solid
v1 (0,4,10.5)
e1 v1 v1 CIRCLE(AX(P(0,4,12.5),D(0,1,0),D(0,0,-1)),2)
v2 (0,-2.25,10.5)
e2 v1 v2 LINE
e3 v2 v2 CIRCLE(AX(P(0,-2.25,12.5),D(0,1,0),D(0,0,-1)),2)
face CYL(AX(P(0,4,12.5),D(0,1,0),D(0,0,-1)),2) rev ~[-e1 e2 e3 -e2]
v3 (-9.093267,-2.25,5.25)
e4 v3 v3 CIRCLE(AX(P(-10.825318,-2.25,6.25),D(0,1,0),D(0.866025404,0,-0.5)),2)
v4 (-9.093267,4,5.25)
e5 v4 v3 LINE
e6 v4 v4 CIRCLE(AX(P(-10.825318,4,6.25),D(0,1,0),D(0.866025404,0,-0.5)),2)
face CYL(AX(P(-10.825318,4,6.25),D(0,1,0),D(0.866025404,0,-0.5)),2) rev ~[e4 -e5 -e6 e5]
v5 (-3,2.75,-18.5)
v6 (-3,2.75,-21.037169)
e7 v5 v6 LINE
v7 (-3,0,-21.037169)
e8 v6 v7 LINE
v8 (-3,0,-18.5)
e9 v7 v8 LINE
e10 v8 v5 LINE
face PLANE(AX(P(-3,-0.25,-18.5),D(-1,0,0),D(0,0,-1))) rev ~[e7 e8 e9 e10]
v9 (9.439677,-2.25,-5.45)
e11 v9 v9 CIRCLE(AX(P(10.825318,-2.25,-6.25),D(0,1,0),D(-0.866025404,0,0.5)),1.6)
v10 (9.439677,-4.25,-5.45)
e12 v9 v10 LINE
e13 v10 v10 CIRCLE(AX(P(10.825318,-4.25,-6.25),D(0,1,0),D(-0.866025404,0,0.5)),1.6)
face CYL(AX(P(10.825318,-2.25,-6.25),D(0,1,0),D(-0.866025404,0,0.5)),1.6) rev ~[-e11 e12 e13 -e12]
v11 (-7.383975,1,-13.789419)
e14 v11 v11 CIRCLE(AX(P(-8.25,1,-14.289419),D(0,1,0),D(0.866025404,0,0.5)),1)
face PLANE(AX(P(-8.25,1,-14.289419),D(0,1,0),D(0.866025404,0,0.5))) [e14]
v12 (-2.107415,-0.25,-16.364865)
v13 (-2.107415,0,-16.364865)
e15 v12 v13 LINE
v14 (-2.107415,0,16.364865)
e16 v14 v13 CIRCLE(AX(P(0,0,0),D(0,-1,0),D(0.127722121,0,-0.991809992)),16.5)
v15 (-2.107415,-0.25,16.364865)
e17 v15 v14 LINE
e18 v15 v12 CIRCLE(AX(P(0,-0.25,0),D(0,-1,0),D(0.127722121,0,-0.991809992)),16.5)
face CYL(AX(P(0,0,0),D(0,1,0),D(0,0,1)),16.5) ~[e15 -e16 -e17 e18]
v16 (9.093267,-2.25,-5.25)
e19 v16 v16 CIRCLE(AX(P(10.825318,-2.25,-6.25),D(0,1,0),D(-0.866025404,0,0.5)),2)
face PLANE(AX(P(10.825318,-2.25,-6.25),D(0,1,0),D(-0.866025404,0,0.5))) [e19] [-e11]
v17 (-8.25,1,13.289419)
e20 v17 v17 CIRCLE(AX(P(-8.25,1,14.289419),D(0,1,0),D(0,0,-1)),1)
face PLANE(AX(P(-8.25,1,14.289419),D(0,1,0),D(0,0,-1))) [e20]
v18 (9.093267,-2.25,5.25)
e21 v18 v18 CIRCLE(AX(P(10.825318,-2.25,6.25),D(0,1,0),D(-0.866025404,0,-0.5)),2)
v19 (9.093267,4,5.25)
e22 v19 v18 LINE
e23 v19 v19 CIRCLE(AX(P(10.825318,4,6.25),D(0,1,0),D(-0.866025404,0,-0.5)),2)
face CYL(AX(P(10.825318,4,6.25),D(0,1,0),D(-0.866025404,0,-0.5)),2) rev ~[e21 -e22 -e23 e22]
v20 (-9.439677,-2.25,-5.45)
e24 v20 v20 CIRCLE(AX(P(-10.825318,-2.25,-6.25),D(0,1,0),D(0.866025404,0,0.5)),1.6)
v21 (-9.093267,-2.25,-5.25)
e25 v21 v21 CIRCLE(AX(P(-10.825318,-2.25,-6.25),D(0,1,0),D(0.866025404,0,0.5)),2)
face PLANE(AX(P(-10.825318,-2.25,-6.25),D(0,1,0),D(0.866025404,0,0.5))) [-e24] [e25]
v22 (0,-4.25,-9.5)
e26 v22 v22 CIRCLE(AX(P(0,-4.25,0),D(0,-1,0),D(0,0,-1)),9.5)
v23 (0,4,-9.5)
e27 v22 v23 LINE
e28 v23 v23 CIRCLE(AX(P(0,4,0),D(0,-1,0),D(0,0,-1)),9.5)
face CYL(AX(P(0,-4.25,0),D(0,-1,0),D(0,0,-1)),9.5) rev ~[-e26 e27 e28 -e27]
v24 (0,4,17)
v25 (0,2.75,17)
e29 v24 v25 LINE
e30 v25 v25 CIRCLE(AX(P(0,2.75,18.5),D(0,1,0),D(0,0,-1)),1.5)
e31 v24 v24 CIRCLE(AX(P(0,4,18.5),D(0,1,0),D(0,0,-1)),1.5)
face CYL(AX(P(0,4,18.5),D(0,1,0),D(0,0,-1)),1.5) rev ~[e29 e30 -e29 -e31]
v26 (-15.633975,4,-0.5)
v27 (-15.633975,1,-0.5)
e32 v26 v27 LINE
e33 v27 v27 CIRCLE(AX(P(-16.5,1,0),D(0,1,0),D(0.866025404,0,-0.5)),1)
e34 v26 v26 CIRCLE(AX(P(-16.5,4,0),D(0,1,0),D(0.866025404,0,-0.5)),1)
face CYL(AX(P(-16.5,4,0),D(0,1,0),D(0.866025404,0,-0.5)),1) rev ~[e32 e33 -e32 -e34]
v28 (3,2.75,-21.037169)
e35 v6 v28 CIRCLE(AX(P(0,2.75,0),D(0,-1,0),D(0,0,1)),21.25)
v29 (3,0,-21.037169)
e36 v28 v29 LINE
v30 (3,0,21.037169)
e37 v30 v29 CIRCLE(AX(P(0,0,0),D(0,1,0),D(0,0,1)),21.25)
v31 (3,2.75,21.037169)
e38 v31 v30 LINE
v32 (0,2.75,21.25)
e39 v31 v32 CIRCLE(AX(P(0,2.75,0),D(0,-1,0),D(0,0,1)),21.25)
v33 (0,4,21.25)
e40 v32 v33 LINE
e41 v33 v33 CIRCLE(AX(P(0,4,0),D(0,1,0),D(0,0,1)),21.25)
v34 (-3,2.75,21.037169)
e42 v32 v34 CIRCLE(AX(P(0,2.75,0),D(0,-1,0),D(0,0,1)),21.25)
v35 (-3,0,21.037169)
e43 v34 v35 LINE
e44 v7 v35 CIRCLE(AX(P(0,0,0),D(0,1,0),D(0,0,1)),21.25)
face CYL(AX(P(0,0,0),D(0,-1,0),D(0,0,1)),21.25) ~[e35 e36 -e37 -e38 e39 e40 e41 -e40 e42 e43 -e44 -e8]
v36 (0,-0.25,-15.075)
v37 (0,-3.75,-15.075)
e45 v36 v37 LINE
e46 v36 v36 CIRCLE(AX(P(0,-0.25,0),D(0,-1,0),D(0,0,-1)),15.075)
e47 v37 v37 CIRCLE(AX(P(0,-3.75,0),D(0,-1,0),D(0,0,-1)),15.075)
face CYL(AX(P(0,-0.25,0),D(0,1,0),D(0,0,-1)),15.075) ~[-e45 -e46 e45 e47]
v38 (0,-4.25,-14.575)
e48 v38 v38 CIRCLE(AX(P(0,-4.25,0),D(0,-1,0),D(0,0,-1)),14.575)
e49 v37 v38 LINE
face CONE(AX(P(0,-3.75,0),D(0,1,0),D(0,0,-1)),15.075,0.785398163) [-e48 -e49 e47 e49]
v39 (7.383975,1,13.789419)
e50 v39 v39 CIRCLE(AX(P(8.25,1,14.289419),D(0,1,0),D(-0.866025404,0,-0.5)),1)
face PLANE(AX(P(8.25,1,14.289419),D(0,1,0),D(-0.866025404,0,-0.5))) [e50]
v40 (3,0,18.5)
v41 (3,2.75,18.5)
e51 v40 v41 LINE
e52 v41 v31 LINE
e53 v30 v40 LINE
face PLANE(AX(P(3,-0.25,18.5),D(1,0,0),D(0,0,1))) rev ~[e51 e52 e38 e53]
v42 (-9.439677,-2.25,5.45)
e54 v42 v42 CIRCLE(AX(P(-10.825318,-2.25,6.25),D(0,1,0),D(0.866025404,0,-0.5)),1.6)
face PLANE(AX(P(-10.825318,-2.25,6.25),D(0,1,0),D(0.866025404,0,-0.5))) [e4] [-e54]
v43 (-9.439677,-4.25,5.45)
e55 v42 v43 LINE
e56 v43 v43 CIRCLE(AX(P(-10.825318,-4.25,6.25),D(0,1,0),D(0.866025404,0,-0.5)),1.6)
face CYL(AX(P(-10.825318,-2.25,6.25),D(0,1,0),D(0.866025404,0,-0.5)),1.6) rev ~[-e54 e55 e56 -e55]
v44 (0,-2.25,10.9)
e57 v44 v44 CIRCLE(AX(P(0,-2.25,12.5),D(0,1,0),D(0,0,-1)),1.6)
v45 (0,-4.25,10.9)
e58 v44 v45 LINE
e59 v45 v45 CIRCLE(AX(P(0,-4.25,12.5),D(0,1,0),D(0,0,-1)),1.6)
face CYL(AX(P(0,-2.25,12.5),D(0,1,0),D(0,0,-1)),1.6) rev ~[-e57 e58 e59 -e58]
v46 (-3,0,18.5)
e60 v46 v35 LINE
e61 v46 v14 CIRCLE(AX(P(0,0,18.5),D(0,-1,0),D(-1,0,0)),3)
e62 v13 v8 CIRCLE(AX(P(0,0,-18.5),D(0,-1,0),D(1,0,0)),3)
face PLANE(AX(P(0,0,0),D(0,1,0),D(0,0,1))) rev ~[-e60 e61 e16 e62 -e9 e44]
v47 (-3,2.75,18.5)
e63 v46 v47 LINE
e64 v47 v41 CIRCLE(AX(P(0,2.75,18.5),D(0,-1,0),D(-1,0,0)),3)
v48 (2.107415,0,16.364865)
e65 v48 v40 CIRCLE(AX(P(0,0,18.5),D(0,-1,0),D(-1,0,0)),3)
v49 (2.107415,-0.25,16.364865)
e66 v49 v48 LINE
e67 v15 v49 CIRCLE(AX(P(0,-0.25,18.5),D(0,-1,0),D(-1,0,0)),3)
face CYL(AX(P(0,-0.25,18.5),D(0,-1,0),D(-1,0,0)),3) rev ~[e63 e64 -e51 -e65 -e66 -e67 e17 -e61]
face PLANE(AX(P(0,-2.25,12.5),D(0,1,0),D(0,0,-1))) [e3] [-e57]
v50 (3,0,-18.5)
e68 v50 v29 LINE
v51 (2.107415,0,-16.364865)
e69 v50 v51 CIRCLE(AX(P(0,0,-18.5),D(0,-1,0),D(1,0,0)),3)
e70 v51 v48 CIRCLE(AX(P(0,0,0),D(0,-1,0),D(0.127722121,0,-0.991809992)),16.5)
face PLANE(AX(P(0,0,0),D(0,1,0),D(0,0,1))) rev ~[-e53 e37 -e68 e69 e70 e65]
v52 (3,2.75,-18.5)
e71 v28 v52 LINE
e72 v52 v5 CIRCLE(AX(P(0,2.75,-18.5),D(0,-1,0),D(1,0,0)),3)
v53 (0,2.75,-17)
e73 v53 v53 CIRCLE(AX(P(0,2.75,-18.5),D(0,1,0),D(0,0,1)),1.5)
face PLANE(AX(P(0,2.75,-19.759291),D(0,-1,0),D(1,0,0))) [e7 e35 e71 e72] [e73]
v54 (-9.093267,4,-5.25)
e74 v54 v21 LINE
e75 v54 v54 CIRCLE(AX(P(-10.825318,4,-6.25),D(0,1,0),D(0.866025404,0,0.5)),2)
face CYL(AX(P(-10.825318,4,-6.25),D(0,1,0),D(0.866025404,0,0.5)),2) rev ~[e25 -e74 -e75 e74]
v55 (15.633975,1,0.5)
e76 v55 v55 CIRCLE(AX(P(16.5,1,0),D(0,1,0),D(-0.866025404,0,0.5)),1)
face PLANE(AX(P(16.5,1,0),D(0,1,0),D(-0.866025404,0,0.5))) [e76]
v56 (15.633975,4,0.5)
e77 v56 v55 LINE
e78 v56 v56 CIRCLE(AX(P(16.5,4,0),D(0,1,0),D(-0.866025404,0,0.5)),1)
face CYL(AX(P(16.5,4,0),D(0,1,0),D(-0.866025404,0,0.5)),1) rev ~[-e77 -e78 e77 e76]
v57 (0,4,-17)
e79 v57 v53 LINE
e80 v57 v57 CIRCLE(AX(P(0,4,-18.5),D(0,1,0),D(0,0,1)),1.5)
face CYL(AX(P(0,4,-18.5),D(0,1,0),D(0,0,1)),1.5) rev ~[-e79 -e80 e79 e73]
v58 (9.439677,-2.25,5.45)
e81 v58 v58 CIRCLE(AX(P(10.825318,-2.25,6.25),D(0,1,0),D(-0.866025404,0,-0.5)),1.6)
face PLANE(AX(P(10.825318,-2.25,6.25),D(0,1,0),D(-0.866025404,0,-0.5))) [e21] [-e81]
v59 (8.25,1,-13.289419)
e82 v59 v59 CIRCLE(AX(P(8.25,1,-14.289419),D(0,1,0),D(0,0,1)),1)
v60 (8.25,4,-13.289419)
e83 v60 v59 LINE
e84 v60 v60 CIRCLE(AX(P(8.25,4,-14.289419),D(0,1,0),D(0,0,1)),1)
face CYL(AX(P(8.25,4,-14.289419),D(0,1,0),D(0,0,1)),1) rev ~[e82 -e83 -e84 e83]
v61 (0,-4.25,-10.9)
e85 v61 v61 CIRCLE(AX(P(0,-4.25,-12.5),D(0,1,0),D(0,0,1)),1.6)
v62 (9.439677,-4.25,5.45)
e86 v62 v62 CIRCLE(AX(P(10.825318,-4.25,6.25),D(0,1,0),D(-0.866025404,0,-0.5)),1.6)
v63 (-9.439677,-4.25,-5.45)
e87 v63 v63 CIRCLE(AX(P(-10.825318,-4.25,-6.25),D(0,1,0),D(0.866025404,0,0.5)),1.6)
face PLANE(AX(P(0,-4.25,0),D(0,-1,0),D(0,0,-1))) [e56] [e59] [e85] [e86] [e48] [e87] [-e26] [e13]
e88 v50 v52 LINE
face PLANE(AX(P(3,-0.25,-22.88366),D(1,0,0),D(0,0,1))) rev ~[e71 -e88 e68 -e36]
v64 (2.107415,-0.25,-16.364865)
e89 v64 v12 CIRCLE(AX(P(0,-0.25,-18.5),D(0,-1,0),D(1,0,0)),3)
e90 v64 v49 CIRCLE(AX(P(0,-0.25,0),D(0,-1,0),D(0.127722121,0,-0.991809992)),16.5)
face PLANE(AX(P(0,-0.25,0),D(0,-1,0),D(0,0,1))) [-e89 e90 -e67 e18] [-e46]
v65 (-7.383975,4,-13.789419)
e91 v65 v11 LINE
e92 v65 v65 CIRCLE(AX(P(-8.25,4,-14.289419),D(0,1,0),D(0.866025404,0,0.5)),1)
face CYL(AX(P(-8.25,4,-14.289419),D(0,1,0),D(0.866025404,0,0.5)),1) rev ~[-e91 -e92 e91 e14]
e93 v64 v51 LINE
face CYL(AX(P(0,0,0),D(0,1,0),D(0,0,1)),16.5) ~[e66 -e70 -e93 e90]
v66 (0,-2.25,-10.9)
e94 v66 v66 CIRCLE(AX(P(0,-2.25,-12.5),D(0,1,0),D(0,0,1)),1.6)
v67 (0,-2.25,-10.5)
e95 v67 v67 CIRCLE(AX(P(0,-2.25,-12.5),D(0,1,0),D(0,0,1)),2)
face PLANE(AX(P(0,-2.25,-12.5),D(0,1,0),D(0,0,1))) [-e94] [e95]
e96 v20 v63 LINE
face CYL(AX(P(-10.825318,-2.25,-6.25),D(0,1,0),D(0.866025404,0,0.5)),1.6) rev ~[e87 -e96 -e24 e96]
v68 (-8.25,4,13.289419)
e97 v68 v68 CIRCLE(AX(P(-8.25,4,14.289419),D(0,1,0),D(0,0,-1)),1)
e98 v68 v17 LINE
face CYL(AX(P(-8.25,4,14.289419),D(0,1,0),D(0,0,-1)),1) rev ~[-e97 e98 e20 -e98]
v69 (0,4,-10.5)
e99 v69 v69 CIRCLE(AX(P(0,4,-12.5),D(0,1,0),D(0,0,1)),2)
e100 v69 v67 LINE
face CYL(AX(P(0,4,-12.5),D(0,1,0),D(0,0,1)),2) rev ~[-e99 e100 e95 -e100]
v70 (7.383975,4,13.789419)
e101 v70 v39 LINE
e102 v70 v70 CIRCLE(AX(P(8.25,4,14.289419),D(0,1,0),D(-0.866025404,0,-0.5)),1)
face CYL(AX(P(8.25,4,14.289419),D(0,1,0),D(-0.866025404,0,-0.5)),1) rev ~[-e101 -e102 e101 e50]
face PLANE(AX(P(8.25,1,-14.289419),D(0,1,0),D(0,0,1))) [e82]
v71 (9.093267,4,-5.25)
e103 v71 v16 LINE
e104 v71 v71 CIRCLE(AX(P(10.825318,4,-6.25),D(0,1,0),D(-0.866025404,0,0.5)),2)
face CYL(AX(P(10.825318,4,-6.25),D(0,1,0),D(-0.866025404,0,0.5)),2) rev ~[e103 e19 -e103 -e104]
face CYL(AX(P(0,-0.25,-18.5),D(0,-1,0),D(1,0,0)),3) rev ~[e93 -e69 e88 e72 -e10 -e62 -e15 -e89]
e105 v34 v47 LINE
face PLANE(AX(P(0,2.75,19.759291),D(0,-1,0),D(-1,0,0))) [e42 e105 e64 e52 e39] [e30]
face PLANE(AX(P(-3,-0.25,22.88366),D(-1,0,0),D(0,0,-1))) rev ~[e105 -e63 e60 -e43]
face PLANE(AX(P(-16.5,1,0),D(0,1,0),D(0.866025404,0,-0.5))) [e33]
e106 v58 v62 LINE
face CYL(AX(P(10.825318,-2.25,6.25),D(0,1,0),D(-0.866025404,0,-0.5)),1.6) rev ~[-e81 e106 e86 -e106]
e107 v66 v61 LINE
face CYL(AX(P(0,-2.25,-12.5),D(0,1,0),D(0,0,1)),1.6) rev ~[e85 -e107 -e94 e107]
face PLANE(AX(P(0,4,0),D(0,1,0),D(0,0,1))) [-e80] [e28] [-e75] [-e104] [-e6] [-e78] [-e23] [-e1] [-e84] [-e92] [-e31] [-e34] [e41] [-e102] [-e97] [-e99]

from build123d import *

# Parameters (mm, degrees)
SKETCH1_R           = 21.25
BOSS_EXTRUDE1_DEPTH = 4
SKETCH2_R           = 1.5
CUT_EXTRUDE1_DEPTH  = 4
SKETCH5_R           = 16.5
BOSS_EXTRUDE2_DEPTH = 0.25
SKETCH6_R           = 15.075
BOSS_EXTRUDE3_DEPTH = 4
CHAMFER1_SIZE       = 0.5
SKETCH7_R           = 9.5
CUT_EXTRUDE3_DEPTH  = 8.25
SKETCH8_R           = 1
CUT_EXTRUDE4_DEPTH  = 3
CIRPATTERN2_COUNT   = 6
CUT_EXTRUDE5_DEPTH  = 3
CIRPATTERN3_COUNT   = 2
SKETCH13_R          = 2
CUT_EXTRUDE6_DEPTH  = 6.25
SKETCH14_R          = 1.6
CUT_EXTRUDE7_DEPTH  = 2
CIRPATTERN4_COUNT   = 6


with BuildPart() as part:
    # Sketch1 → Boss-Extrude1 (new body)
    with BuildSketch(Plane(origin=(0, 0, 0), x_dir=(1, 0, 0), z_dir=(0, 1, 0))):
        with Locations(Location((0, 0, 0), (0, 0, 270))):
            Circle(SKETCH1_R)
    extrude(amount=BOSS_EXTRUDE1_DEPTH)

    # Sketch2 → Cut-Extrude1 (cut)
    with BuildSketch(Plane(origin=(0, 4, 0), x_dir=(1, 0, 0), z_dir=(0, 1, 0))):
        with Locations(Location((0, 18.5, 0), (0, 0, 270))):
            Circle(SKETCH2_R)
    cut_extrude1 = extrude(amount=-CUT_EXTRUDE1_DEPTH, mode=Mode.SUBTRACT)

    # Sketch5 → Boss-Extrude2 (add)
    with BuildSketch(Plane.XZ):
        with Locations(Location((0, 0, 0), (0, 0, 90))):
            Circle(SKETCH5_R)
    extrude(amount=BOSS_EXTRUDE2_DEPTH)

    # Sketch6 → Boss-Extrude3 (add)
    with BuildSketch(Plane.XZ.offset(0.25)):
        with Locations(Location((0, 0, 0), (0, 0, 270))):
            Circle(SKETCH6_R)
    extrude(amount=BOSS_EXTRUDE3_DEPTH)

    # Chamfer1
    chamfer1_edges = [part.edges().sort_by_distance(p)[0] for p in [
        (0, -4.25, 15.075),
    ]]
    chamfer(chamfer1_edges, length=CHAMFER1_SIZE)

    # Sketch7 → Cut-Extrude3 (cut)
    with BuildSketch(Plane.XZ.offset(4.25)):
        with Locations(Location((0, 0, 0), (0, 0, 270))):
            Circle(SKETCH7_R)
    extrude(amount=-CUT_EXTRUDE3_DEPTH, mode=Mode.SUBTRACT)

    # Sketch8 → Cut-Extrude4 (cut)
    with BuildSketch(Plane(origin=(0, 4, 0), x_dir=(1, 0, 0), z_dir=(0, 1, 0))):
        with Locations(Location((8.25, 14.289419162, 0), (0, 0, 270))):
            Circle(SKETCH8_R)
    cut_extrude4 = extrude(amount=-CUT_EXTRUDE4_DEPTH, mode=Mode.SUBTRACT)

    # CirPattern2: Cut-Extrude4 ×6 about axis
    cirpattern2_axis = Axis((0, 0, 0), (0, 1, 0))
    for i in range(1, CIRPATTERN2_COUNT):
        add(cut_extrude4.rotate(cirpattern2_axis, i * 360 / CIRPATTERN2_COUNT), mode=Mode.SUBTRACT)

    # Sketch11 → Cut-Extrude5 (cut)
    with BuildSketch(Plane.XZ.offset(0.25)):
        with BuildLine():
            Line((-3, -18.5), (-3, -22.883659788))
            Line((-3, -22.883659788), (3, -22.883659788))
            Line((3, -22.883659788), (3, -18.5))
            ThreePointArc((3, -18.5), (0, -15.5), (-3, -18.5))
        make_face()
    cut_extrude5 = extrude(amount=-CUT_EXTRUDE5_DEPTH, mode=Mode.SUBTRACT)

    # CirPattern3: Cut-Extrude1, Cut-Extrude5 ×2 about axis
    cirpattern3_axis = Axis((0, 0, 0), (0, 1, 0))
    add([cut_extrude1.rotate(cirpattern3_axis, i * 360 / CIRPATTERN3_COUNT) for i in range(1, CIRPATTERN3_COUNT)], mode=Mode.SUBTRACT)
    add([cut_extrude5.rotate(cirpattern3_axis, i * 360 / CIRPATTERN3_COUNT) for i in range(1, CIRPATTERN3_COUNT)], mode=Mode.SUBTRACT)

    # Sketch13 → Cut-Extrude6 (cut)
    with BuildSketch(Plane(origin=(0, 4, 0), x_dir=(1, 0, 0), z_dir=(0, 1, 0))):
        with Locations(Location((0, 12.5, 0), (0, 0, 270))):
            Circle(SKETCH13_R)
    cut_extrude6 = extrude(amount=-CUT_EXTRUDE6_DEPTH, mode=Mode.SUBTRACT)

    # Sketch14 → Cut-Extrude7 (cut)
    with BuildSketch(Plane(origin=(0, -2.25, 0), x_dir=(1, 0, 0), z_dir=(0, 1, 0))):
        with Locations(Location((0, 12.5, 0), (0, 0, 270))):
            Circle(SKETCH14_R)
    cut_extrude7 = extrude(amount=-CUT_EXTRUDE7_DEPTH, mode=Mode.SUBTRACT)

    # CirPattern4: Cut-Extrude6, Cut-Extrude7 ×6 about axis
    cirpattern4_axis = Axis((0, 0, 0), (0, 1, 0))
    add([cut_extrude6.rotate(cirpattern4_axis, i * 360 / CIRPATTERN4_COUNT) for i in range(1, CIRPATTERN4_COUNT)], mode=Mode.SUBTRACT)
    add([cut_extrude7.rotate(cirpattern4_axis, i * 360 / CIRPATTERN4_COUNT) for i in range(1, CIRPATTERN4_COUNT)], mode=Mode.SUBTRACT)


solid = part.part
